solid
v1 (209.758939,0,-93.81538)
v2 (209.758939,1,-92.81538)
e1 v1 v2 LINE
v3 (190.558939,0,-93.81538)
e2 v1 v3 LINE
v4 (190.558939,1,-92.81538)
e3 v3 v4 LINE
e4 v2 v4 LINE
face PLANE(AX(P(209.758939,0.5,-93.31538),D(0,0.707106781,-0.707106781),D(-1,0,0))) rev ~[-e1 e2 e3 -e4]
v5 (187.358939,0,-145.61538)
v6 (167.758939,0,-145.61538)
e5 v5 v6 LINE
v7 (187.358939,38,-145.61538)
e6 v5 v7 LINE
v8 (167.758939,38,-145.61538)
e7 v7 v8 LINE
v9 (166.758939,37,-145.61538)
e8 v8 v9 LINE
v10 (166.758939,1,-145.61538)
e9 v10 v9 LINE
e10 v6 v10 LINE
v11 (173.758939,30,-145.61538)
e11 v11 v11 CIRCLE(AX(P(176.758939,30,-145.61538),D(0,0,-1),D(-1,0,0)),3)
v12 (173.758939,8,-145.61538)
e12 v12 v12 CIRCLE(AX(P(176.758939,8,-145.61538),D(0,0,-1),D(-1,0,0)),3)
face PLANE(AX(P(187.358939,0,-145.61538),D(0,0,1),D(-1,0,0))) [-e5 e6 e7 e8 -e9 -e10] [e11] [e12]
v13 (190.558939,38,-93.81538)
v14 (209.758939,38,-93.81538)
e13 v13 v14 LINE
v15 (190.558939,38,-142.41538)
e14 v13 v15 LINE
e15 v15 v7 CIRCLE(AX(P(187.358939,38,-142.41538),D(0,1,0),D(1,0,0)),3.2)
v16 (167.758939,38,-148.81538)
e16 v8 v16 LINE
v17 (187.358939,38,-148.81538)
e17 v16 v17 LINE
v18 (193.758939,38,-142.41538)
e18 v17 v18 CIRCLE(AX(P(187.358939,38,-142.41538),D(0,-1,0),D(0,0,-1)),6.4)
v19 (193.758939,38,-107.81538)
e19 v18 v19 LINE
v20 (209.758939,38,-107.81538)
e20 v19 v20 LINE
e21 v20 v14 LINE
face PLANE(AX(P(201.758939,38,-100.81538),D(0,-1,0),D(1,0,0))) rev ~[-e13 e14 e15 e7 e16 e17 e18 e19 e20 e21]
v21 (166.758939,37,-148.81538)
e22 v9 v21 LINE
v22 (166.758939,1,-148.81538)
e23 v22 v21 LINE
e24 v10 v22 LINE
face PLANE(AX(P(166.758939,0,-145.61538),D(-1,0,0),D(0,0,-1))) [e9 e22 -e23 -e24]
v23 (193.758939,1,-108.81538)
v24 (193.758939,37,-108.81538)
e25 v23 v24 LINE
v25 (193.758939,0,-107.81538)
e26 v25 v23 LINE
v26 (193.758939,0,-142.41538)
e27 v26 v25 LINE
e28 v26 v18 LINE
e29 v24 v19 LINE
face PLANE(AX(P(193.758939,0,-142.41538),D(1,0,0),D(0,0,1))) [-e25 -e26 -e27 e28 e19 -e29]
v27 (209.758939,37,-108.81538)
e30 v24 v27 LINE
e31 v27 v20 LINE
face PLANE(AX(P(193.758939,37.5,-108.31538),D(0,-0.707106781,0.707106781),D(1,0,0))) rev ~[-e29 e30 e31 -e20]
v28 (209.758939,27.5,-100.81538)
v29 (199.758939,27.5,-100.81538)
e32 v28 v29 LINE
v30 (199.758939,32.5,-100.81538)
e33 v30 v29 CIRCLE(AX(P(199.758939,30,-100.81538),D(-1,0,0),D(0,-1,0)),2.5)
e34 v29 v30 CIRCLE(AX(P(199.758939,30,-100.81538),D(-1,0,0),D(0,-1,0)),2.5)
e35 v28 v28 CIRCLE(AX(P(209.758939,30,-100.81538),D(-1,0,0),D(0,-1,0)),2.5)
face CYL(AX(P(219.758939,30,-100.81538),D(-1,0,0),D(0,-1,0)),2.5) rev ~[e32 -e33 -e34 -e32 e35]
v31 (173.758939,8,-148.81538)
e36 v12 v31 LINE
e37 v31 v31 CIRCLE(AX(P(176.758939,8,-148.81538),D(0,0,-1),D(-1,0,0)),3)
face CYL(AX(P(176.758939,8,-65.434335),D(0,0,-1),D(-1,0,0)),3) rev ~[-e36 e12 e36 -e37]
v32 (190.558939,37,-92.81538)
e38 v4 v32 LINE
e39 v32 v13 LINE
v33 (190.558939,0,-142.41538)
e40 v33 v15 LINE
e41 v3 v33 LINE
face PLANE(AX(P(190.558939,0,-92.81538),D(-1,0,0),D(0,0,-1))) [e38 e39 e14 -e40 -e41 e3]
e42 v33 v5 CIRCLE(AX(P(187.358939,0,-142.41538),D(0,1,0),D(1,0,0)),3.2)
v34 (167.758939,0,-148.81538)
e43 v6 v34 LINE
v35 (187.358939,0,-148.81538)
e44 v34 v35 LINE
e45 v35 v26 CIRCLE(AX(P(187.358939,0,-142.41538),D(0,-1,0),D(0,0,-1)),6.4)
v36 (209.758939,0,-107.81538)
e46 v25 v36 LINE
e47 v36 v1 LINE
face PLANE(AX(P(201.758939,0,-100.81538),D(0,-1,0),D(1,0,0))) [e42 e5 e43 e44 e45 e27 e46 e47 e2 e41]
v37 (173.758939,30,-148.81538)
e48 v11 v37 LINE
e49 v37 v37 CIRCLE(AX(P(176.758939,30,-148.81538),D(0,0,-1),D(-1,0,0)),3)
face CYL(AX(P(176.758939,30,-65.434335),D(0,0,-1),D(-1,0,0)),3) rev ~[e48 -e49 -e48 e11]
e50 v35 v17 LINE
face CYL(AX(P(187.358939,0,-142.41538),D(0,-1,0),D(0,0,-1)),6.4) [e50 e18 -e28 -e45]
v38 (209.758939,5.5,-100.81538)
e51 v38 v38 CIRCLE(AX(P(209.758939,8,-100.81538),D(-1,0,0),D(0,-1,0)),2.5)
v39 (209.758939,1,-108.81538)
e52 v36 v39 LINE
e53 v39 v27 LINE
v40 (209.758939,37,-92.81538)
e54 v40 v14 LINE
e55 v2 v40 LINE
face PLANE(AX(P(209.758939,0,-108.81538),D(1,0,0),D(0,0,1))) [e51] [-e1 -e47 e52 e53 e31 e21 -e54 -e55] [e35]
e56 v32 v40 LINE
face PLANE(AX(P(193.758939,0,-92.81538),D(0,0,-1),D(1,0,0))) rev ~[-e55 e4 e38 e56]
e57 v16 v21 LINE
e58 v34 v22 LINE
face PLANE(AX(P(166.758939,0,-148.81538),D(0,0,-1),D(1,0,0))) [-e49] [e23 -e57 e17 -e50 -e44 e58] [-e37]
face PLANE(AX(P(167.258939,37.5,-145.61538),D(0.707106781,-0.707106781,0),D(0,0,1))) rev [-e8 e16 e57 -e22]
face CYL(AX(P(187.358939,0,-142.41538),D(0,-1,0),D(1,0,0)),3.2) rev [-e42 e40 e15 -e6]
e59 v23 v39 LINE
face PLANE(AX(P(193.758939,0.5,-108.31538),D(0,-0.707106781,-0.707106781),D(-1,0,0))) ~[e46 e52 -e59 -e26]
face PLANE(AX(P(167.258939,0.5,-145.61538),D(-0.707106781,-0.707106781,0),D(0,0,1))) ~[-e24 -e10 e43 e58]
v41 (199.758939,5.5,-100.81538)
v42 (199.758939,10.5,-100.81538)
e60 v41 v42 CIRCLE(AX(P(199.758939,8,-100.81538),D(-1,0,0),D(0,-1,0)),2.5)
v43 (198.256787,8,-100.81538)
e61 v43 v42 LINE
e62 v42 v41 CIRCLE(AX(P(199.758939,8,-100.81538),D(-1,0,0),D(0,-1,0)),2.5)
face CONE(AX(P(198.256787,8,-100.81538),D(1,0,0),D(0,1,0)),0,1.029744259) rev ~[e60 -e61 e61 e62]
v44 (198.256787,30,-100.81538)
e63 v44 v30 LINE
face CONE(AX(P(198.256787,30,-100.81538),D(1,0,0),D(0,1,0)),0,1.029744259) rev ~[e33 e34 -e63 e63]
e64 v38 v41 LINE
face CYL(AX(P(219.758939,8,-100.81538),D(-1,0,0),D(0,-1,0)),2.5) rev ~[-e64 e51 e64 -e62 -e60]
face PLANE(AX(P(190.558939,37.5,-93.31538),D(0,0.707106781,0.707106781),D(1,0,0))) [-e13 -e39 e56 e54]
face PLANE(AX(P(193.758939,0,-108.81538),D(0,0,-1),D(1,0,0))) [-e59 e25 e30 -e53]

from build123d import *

# Parameters (mm, degrees)
F1_DEPTH = 38
F0_W     = 16
F0_H     = 16
F2_DEPTH = 38
F4_D     = 5
F4_DEPTH = 10
F4_TIP   = 1.5021515476
F6_D     = 6
F7_SIZE  = 1
F8_SIZE  = 1


with BuildPart() as f1:
    # F0 (on Front) → F1 (new body)
    with BuildSketch(Plane.XZ):
        with BuildLine():
            ThreePointArc((187.358939, -148.81538), (191.8844223996, -146.9408633996), (193.758939, -142.41538))
            Line((193.758939, -142.41538), (193.758939, -108.81538))
            Line((193.758939, -108.81538), (193.758939, -92.81538))
            Line((193.758939, -92.81538), (190.558939, -92.81538))
            Line((190.558939, -92.81538), (190.558939, -142.41538))
            ThreePointArc((190.558939, -142.41538), (189.6216806998, -144.6781216998), (187.358939, -145.61538))
            Line((187.358939, -145.61538), (166.758939, -145.61538))
            Line((166.758939, -145.61538), (166.758939, -148.81538))
            Line((166.758939, -148.81538), (187.358939, -148.81538))
        make_face()
    extrude(amount=-F1_DEPTH)

    # F0 (on Front) → F2 (join)
    with BuildSketch(Plane.XZ):
        with Locations((201.758939, -100.81538)):
            Rectangle(F0_W, F0_H)
    extrude(amount=-F2_DEPTH)

    # F4
    with Locations(Plane.YZ.offset(209.758939)):
        with Locations((8, -100.81538), (30, -100.81538)):
            Hole(F4_D / 2, depth=F4_DEPTH)
            with Locations((0, 0, -(F4_DEPTH + F4_TIP / 2))):  # 118° drill point
                Cone(0, F4_D / 2, F4_TIP, mode=Mode.SUBTRACT)

    # F6 (through all)
    with Locations(Plane.XY.offset(-145.61538)):
        with Locations((176.758939, 30), (176.758939, 8)):
            Hole(F6_D / 2)

    # F7
    f7_edges = [f1.edges().sort_by_distance(p)[0] for p in [
        (166.758939, 0, -147.21538),
        (166.758939, 38, -147.21538),
    ]]
    chamfer(f7_edges, length=F7_SIZE)

    # F8
    f8_edges = [f1.edges().sort_by_distance(p)[0] for p in [
        (200.158939, 0, -92.81538),
        (200.158939, 38, -92.81538),
        (201.758939, 38, -108.81538),
        (201.758939, 0, -108.81538),
    ]]
    chamfer(f8_edges, length=F8_SIZE)


solid = f1.part
